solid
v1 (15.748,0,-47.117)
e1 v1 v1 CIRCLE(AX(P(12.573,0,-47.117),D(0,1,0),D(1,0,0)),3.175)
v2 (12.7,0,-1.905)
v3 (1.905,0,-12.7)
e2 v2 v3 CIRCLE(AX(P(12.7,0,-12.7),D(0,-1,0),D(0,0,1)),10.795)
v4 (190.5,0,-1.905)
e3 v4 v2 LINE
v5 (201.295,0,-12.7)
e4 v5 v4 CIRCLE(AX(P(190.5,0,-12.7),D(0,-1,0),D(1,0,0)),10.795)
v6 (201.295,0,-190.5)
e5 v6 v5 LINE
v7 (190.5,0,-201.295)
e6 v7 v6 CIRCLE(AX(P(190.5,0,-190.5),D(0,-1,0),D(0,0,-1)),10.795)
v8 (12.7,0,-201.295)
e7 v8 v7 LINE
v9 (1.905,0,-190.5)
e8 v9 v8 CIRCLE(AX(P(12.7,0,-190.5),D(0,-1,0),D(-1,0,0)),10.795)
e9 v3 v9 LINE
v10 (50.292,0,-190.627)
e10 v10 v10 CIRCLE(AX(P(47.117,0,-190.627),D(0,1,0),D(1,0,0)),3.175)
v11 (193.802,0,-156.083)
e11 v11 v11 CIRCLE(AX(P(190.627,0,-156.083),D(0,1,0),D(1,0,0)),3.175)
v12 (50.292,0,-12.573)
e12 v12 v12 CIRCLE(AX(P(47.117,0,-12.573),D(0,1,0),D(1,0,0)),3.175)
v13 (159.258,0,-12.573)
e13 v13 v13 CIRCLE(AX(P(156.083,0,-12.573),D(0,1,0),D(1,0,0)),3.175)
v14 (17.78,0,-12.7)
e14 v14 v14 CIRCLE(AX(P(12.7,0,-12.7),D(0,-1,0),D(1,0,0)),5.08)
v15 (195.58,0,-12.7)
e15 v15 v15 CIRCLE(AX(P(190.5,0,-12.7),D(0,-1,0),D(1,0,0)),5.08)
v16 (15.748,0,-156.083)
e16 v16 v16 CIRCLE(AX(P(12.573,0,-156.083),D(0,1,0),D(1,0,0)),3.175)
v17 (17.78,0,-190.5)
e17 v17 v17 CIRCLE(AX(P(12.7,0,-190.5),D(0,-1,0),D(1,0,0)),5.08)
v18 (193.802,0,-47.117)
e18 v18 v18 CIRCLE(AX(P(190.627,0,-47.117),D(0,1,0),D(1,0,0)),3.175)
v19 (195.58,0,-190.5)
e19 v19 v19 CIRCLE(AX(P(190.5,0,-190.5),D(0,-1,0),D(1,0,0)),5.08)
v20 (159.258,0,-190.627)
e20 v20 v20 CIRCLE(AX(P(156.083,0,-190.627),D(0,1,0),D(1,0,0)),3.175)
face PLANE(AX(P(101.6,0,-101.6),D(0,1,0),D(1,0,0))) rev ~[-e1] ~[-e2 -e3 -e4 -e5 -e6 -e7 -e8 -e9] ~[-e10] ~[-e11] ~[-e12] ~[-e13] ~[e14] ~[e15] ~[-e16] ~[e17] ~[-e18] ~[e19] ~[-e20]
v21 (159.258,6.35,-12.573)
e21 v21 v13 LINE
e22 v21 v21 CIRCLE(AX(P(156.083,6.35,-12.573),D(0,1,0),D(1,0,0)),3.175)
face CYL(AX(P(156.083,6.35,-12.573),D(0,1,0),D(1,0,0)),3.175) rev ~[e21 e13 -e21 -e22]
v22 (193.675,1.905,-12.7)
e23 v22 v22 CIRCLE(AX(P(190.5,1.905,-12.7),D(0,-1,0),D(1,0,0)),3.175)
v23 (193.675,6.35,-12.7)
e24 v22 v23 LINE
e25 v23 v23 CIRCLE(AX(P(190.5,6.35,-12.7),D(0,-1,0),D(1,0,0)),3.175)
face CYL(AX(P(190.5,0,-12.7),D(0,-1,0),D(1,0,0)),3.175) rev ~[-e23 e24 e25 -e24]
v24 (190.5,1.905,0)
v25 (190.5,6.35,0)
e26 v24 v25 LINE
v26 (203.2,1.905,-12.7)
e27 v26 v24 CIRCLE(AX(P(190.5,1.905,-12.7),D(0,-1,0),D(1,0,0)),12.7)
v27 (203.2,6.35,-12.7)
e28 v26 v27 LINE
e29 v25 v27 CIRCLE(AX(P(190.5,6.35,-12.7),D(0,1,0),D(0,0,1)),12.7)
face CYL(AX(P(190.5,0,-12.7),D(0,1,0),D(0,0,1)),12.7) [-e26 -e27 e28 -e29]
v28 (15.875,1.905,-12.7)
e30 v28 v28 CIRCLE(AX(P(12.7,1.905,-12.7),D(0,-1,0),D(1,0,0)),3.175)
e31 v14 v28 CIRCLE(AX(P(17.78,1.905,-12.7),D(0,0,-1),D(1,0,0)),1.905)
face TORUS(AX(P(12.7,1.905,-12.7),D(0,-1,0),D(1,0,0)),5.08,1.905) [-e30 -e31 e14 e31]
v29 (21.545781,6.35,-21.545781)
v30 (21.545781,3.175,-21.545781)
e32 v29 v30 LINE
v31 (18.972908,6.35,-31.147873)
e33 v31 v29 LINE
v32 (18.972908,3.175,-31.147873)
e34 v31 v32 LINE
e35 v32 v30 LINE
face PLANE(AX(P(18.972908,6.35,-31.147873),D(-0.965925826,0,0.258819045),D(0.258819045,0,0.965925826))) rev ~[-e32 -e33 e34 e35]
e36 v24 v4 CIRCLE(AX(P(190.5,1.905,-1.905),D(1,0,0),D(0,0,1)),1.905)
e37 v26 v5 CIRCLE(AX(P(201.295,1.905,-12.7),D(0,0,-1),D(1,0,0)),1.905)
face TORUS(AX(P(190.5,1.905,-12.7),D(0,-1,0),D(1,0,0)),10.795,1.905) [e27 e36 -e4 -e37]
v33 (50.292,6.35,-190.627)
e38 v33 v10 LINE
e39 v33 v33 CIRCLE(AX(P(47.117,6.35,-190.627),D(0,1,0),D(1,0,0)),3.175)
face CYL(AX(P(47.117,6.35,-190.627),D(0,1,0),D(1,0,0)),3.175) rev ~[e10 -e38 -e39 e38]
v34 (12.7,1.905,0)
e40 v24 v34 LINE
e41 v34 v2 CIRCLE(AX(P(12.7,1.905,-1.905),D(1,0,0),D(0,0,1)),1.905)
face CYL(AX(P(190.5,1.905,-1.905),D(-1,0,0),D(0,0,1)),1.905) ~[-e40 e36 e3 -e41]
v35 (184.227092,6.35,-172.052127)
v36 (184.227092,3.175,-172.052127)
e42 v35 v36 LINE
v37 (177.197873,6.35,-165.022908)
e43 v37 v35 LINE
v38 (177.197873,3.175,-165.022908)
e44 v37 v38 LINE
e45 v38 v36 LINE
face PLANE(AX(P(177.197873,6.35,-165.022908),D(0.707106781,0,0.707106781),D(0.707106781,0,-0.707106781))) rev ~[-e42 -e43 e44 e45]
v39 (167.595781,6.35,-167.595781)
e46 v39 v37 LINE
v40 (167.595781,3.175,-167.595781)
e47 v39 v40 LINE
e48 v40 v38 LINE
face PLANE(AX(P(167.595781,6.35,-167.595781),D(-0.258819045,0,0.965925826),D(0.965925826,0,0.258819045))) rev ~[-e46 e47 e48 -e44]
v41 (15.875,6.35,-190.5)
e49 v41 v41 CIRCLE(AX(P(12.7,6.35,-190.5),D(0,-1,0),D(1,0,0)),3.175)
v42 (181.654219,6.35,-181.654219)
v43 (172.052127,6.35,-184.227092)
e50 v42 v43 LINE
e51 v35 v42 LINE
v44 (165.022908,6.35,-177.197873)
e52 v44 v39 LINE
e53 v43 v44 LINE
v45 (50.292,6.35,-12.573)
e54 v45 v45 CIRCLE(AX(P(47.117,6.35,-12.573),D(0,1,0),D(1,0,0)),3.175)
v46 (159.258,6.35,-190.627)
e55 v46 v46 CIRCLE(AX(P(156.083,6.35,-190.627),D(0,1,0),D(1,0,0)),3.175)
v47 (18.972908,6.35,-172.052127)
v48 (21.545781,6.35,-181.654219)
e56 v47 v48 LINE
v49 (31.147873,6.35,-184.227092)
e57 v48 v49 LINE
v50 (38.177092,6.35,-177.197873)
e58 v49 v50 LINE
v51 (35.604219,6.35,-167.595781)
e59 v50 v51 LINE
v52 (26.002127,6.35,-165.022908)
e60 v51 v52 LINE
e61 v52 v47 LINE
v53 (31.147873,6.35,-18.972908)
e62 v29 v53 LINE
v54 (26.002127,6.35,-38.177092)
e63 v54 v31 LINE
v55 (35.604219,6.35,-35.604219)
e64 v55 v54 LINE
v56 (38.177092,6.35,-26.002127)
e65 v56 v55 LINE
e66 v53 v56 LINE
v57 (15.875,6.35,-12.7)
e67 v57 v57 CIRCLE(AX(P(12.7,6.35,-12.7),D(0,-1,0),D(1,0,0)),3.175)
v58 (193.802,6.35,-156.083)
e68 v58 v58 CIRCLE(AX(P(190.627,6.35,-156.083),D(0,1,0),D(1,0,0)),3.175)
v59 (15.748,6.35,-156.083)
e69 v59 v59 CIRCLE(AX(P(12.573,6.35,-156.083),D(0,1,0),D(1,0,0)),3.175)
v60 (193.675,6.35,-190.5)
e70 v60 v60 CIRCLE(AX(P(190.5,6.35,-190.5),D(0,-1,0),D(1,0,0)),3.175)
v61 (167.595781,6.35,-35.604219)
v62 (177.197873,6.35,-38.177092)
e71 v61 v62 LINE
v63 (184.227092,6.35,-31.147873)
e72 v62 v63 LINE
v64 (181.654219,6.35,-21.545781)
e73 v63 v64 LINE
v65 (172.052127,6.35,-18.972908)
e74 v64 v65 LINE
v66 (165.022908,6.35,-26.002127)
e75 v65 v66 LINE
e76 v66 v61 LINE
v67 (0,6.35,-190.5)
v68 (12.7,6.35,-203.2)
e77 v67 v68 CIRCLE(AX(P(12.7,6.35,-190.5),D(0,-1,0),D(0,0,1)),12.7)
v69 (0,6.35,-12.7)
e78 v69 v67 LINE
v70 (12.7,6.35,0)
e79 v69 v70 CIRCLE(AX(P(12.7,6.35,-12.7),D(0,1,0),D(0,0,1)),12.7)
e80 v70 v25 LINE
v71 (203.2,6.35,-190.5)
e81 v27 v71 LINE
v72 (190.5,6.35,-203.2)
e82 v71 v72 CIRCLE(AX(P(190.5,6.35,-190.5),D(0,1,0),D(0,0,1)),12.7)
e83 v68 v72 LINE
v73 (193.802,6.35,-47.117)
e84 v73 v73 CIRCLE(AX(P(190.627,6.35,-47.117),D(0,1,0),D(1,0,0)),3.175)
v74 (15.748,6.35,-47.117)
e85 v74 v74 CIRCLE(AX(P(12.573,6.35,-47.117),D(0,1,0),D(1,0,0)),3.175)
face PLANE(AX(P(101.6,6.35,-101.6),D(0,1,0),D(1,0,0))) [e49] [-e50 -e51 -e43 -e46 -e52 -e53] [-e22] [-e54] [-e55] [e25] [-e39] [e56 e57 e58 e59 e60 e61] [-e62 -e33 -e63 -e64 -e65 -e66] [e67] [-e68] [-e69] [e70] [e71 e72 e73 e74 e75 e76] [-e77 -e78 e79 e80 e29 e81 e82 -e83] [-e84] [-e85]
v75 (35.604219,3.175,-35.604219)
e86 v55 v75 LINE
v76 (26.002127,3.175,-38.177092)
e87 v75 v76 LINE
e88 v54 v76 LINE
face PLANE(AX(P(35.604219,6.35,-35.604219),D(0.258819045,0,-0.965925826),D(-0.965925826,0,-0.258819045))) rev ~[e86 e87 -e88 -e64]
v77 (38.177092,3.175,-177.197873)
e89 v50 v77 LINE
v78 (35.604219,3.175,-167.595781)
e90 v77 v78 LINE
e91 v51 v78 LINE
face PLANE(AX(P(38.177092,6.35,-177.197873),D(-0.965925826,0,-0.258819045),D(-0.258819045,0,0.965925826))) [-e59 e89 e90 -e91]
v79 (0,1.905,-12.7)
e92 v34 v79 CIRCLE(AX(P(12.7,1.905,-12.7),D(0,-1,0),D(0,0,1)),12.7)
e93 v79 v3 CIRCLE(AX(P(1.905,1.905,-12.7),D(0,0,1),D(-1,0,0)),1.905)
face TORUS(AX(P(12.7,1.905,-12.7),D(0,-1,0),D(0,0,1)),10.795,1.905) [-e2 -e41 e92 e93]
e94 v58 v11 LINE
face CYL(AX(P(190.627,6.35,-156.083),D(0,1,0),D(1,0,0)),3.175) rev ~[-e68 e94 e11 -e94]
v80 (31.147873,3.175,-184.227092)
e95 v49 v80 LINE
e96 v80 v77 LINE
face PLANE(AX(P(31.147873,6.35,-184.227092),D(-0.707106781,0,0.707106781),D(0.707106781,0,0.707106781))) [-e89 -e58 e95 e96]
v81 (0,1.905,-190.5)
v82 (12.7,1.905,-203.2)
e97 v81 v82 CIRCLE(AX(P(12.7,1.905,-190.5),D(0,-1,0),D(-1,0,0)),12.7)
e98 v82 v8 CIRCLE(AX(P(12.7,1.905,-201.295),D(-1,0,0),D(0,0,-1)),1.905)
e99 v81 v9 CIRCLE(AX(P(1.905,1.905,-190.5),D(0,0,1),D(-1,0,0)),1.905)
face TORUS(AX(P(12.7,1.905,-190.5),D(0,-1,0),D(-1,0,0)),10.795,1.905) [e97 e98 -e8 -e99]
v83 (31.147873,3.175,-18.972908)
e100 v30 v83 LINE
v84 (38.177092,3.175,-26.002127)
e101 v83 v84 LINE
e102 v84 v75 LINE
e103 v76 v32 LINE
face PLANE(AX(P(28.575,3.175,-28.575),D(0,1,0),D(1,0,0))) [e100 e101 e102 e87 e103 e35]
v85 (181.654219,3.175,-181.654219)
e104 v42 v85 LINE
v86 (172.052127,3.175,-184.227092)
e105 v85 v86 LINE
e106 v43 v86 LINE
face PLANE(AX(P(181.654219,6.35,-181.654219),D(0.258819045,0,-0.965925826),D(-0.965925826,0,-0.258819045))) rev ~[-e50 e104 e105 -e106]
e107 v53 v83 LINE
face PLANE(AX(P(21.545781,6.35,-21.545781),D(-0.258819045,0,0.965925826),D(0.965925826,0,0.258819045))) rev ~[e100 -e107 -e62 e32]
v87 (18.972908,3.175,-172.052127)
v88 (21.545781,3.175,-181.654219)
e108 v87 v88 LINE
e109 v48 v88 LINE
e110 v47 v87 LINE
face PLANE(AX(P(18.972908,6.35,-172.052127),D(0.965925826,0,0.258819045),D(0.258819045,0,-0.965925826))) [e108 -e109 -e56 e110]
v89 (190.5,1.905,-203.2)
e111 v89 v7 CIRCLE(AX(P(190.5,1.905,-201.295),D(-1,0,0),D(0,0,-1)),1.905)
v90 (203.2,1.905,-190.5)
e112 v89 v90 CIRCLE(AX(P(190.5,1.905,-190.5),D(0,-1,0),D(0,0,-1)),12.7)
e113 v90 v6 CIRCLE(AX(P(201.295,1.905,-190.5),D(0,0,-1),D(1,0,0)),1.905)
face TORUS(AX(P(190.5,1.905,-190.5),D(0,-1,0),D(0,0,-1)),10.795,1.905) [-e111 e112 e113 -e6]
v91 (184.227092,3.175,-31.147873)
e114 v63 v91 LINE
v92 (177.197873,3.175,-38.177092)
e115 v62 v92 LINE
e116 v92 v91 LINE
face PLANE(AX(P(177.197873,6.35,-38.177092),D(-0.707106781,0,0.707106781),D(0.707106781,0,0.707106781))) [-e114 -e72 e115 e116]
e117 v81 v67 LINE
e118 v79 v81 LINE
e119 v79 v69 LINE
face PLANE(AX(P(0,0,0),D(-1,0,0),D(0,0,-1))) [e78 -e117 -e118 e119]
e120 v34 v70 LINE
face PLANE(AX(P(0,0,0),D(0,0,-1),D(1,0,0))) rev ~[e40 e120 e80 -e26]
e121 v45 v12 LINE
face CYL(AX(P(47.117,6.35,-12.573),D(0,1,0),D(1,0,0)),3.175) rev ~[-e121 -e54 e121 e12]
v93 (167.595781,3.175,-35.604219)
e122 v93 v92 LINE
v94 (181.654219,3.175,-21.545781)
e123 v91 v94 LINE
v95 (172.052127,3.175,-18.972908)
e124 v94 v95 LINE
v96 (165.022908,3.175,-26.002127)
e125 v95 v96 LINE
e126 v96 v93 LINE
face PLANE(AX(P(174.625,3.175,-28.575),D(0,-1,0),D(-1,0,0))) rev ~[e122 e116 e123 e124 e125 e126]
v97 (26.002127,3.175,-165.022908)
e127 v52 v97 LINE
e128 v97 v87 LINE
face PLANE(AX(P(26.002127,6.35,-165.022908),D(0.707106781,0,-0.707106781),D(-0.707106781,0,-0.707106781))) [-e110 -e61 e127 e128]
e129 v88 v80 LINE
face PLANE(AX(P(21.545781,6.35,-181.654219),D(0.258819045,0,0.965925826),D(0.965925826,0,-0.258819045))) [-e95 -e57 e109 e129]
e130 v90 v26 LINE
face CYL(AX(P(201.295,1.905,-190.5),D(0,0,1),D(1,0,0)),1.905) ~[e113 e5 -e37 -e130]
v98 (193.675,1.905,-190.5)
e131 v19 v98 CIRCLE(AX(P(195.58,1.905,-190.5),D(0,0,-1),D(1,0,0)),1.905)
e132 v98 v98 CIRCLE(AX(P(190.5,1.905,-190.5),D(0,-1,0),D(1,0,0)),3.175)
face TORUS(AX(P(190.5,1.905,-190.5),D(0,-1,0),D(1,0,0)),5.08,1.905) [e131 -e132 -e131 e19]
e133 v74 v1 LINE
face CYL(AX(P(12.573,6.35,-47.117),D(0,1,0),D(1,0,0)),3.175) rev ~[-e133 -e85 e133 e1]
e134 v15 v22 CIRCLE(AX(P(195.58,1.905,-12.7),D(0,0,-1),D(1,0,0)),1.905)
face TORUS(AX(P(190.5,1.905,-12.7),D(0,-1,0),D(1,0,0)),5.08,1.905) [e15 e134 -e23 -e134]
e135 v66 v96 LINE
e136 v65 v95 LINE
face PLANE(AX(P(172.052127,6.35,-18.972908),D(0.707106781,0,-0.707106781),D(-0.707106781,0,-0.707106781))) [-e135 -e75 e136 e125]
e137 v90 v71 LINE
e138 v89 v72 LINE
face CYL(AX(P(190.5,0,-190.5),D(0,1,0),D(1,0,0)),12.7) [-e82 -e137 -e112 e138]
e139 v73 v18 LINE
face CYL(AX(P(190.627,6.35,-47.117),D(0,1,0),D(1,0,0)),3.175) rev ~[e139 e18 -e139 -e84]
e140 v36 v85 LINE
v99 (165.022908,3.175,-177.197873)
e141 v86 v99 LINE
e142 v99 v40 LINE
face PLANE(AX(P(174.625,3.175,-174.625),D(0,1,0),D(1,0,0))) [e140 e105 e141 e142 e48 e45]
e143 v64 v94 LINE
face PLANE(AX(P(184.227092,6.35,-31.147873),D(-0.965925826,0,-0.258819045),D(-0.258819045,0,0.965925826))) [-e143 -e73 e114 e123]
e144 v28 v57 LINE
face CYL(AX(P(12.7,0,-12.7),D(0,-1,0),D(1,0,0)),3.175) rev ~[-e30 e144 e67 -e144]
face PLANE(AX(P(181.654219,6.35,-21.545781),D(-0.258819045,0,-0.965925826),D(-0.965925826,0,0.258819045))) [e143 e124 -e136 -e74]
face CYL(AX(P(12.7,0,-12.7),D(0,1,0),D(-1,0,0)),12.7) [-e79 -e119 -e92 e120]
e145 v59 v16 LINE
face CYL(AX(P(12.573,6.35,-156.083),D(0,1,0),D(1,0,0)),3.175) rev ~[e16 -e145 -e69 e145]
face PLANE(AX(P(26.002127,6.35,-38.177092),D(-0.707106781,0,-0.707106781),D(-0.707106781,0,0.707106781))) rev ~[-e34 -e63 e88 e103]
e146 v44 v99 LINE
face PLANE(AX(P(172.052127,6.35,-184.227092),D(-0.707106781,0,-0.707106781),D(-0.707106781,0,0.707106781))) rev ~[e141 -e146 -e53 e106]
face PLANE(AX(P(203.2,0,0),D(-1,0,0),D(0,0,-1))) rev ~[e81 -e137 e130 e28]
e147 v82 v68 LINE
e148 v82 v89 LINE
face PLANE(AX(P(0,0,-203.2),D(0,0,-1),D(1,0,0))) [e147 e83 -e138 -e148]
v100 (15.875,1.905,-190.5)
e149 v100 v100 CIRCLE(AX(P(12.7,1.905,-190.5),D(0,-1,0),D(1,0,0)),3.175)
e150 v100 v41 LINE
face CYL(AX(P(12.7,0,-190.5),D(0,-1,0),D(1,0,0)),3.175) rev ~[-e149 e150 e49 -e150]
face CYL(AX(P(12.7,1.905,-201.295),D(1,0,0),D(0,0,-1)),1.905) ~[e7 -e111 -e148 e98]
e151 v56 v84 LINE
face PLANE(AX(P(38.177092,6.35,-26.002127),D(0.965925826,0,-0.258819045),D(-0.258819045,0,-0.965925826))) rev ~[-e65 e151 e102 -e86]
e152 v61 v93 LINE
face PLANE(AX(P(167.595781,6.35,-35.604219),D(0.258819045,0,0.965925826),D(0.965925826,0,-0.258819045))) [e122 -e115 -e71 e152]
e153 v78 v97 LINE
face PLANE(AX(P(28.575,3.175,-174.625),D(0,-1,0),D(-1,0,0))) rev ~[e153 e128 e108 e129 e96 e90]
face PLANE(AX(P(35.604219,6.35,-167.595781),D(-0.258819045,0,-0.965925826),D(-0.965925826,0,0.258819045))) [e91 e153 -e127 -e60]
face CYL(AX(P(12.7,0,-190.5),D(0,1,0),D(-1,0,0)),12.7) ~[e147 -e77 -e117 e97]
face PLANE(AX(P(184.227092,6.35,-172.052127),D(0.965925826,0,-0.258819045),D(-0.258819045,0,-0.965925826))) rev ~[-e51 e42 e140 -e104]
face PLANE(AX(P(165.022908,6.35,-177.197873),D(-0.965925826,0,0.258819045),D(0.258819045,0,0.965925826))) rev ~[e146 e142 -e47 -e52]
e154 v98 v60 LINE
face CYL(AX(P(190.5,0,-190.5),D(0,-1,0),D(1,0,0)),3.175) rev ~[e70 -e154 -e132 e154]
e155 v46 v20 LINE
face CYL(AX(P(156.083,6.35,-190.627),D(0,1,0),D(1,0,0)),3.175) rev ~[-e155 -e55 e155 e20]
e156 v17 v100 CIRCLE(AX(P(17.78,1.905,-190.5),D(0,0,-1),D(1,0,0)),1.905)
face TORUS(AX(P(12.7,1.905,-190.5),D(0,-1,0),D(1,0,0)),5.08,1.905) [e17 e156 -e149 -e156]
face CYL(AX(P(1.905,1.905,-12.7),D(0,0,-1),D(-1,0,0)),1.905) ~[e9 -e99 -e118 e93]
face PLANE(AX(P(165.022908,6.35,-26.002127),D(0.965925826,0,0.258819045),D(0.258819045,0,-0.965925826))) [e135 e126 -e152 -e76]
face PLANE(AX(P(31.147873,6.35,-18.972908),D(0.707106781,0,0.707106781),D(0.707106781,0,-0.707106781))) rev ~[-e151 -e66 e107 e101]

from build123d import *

# Parameters (mm, degrees)
SKETCH1_W           = 203.2
SKETCH1_H           = 203.2
BOSS_EXTRUDE1_DEPTH = 6.35
FILLET1_R           = 12.7
SKETCH2_R           = 3.175
CUT_EXTRUDE1_DEPTH  = 7.35
CUT_EXTRUDE2_DEPTH  = 3.175
FILLET2_R           = 1.905
SKETCH28_R          = 3.175
CUT_EXTRUDE3_DEPTH  = 7.35


with BuildPart() as part:
    # Sketch1 → Boss-Extrude1 (new body)
    with BuildSketch(Plane(origin=(0, 0, 0), x_dir=(1, 0, 0), z_dir=(0, 1, 0))):
        with Locations((101.6, 101.6)):
            Rectangle(SKETCH1_W, SKETCH1_H)
    extrude(amount=BOSS_EXTRUDE1_DEPTH)

    # Fillet1
    fillet1_edges = [part.edges().sort_by_distance(p)[0] for p in [
        (0, 3.175, -203.2),
        (203.2, 3.175, -203.2),
        (203.2, 3.175, 0),
        (0, 3.175, 0),
    ]]
    fillet(fillet1_edges, radius=FILLET1_R)

    # Sketch2 → Cut-Extrude1 (cut, through all)
    with BuildSketch(Plane.XZ):
        with Locations((12.7, -12.7)):
            Circle(SKETCH2_R)
        with Locations((190.5, -12.7)):
            Circle(SKETCH2_R)
        with Locations((190.5, -190.5)):
            Circle(SKETCH2_R)
        with Locations((12.7, -190.5)):
            Circle(SKETCH2_R)
    extrude(amount=-CUT_EXTRUDE1_DEPTH, mode=Mode.SUBTRACT)

    # Sketch22 → Cut-Extrude2 (cut)
    with BuildSketch(Plane(origin=(0, 6.35, 0), x_dir=(1, 0, 0), z_dir=(0, 1, 0))):
        Polygon((181.654219065, 181.654219065), (172.052127253, 184.227091812), (165.022908188, 177.197872747), (167.595780935, 167.595780935), (177.197872747, 165.022908188), (184.227091812, 172.052127253), align=None)
        Polygon((18.972908188, 172.052127253), (21.545780935, 181.654219065), (31.147872747, 184.227091812), (38.177091812, 177.197872747), (35.604219065, 167.595780935), (26.002127253, 165.022908188), align=None)
        Polygon((184.227091812, 31.147872747), (181.654219065, 21.545780935), (172.052127253, 18.972908188), (165.022908188, 26.002127253), (167.595780935, 35.604219065), (177.197872747, 38.177091812), align=None)
        Polygon((21.545780935, 21.545780935), (31.147872747, 18.972908188), (38.177091812, 26.002127253), (35.604219065, 35.604219065), (26.002127253, 38.177091812), (18.972908188, 31.147872747), align=None)
    extrude(amount=-CUT_EXTRUDE2_DEPTH, mode=Mode.SUBTRACT)

    # Fillet2
    fillet2_edges = [part.edges().sort_by_distance(p)[0] for p in [
        (0, 0, -101.6),
        (101.6, 0, -203.2),
        (203.2, 0, -101.6),
        (101.6, 0, 0),
        (199.480256121, 0, -199.480256121),
        (199.480256121, 0, -3.719743879),
        (3.719743879, 0, -3.719743879),
        (3.719743879, 0, -199.480256121),
        (9.525, 0, -190.5),
        (187.325, 0, -190.5),
        (187.325, 0, -12.7),
        (9.525, 0, -12.7),
    ]]
    fillet(fillet2_edges, radius=FILLET2_R)

    # Sketch28 → Cut-Extrude3 (cut, through all)
    with BuildSketch(Plane(origin=(0, 6.35, 0), x_dir=(1, 0, 0), z_dir=(0, 1, 0))):
        with Locations((47.117, 190.627)):
            Circle(SKETCH28_R)
        with Locations((156.083, 190.627)):
            Circle(SKETCH28_R)
        with Locations((190.627, 156.083)):
            Circle(SKETCH28_R)
        with Locations((190.627, 47.117)):
            Circle(SKETCH28_R)
        with Locations((156.083, 12.573)):
            Circle(SKETCH28_R)
        with Locations((47.117, 12.573)):
            Circle(SKETCH28_R)
        with Locations((12.573, 156.083)):
            Circle(SKETCH28_R)
        with Locations((12.573, 47.117)):
            Circle(SKETCH28_R)
    extrude(amount=-CUT_EXTRUDE3_DEPTH, mode=Mode.SUBTRACT)


solid = part.part
